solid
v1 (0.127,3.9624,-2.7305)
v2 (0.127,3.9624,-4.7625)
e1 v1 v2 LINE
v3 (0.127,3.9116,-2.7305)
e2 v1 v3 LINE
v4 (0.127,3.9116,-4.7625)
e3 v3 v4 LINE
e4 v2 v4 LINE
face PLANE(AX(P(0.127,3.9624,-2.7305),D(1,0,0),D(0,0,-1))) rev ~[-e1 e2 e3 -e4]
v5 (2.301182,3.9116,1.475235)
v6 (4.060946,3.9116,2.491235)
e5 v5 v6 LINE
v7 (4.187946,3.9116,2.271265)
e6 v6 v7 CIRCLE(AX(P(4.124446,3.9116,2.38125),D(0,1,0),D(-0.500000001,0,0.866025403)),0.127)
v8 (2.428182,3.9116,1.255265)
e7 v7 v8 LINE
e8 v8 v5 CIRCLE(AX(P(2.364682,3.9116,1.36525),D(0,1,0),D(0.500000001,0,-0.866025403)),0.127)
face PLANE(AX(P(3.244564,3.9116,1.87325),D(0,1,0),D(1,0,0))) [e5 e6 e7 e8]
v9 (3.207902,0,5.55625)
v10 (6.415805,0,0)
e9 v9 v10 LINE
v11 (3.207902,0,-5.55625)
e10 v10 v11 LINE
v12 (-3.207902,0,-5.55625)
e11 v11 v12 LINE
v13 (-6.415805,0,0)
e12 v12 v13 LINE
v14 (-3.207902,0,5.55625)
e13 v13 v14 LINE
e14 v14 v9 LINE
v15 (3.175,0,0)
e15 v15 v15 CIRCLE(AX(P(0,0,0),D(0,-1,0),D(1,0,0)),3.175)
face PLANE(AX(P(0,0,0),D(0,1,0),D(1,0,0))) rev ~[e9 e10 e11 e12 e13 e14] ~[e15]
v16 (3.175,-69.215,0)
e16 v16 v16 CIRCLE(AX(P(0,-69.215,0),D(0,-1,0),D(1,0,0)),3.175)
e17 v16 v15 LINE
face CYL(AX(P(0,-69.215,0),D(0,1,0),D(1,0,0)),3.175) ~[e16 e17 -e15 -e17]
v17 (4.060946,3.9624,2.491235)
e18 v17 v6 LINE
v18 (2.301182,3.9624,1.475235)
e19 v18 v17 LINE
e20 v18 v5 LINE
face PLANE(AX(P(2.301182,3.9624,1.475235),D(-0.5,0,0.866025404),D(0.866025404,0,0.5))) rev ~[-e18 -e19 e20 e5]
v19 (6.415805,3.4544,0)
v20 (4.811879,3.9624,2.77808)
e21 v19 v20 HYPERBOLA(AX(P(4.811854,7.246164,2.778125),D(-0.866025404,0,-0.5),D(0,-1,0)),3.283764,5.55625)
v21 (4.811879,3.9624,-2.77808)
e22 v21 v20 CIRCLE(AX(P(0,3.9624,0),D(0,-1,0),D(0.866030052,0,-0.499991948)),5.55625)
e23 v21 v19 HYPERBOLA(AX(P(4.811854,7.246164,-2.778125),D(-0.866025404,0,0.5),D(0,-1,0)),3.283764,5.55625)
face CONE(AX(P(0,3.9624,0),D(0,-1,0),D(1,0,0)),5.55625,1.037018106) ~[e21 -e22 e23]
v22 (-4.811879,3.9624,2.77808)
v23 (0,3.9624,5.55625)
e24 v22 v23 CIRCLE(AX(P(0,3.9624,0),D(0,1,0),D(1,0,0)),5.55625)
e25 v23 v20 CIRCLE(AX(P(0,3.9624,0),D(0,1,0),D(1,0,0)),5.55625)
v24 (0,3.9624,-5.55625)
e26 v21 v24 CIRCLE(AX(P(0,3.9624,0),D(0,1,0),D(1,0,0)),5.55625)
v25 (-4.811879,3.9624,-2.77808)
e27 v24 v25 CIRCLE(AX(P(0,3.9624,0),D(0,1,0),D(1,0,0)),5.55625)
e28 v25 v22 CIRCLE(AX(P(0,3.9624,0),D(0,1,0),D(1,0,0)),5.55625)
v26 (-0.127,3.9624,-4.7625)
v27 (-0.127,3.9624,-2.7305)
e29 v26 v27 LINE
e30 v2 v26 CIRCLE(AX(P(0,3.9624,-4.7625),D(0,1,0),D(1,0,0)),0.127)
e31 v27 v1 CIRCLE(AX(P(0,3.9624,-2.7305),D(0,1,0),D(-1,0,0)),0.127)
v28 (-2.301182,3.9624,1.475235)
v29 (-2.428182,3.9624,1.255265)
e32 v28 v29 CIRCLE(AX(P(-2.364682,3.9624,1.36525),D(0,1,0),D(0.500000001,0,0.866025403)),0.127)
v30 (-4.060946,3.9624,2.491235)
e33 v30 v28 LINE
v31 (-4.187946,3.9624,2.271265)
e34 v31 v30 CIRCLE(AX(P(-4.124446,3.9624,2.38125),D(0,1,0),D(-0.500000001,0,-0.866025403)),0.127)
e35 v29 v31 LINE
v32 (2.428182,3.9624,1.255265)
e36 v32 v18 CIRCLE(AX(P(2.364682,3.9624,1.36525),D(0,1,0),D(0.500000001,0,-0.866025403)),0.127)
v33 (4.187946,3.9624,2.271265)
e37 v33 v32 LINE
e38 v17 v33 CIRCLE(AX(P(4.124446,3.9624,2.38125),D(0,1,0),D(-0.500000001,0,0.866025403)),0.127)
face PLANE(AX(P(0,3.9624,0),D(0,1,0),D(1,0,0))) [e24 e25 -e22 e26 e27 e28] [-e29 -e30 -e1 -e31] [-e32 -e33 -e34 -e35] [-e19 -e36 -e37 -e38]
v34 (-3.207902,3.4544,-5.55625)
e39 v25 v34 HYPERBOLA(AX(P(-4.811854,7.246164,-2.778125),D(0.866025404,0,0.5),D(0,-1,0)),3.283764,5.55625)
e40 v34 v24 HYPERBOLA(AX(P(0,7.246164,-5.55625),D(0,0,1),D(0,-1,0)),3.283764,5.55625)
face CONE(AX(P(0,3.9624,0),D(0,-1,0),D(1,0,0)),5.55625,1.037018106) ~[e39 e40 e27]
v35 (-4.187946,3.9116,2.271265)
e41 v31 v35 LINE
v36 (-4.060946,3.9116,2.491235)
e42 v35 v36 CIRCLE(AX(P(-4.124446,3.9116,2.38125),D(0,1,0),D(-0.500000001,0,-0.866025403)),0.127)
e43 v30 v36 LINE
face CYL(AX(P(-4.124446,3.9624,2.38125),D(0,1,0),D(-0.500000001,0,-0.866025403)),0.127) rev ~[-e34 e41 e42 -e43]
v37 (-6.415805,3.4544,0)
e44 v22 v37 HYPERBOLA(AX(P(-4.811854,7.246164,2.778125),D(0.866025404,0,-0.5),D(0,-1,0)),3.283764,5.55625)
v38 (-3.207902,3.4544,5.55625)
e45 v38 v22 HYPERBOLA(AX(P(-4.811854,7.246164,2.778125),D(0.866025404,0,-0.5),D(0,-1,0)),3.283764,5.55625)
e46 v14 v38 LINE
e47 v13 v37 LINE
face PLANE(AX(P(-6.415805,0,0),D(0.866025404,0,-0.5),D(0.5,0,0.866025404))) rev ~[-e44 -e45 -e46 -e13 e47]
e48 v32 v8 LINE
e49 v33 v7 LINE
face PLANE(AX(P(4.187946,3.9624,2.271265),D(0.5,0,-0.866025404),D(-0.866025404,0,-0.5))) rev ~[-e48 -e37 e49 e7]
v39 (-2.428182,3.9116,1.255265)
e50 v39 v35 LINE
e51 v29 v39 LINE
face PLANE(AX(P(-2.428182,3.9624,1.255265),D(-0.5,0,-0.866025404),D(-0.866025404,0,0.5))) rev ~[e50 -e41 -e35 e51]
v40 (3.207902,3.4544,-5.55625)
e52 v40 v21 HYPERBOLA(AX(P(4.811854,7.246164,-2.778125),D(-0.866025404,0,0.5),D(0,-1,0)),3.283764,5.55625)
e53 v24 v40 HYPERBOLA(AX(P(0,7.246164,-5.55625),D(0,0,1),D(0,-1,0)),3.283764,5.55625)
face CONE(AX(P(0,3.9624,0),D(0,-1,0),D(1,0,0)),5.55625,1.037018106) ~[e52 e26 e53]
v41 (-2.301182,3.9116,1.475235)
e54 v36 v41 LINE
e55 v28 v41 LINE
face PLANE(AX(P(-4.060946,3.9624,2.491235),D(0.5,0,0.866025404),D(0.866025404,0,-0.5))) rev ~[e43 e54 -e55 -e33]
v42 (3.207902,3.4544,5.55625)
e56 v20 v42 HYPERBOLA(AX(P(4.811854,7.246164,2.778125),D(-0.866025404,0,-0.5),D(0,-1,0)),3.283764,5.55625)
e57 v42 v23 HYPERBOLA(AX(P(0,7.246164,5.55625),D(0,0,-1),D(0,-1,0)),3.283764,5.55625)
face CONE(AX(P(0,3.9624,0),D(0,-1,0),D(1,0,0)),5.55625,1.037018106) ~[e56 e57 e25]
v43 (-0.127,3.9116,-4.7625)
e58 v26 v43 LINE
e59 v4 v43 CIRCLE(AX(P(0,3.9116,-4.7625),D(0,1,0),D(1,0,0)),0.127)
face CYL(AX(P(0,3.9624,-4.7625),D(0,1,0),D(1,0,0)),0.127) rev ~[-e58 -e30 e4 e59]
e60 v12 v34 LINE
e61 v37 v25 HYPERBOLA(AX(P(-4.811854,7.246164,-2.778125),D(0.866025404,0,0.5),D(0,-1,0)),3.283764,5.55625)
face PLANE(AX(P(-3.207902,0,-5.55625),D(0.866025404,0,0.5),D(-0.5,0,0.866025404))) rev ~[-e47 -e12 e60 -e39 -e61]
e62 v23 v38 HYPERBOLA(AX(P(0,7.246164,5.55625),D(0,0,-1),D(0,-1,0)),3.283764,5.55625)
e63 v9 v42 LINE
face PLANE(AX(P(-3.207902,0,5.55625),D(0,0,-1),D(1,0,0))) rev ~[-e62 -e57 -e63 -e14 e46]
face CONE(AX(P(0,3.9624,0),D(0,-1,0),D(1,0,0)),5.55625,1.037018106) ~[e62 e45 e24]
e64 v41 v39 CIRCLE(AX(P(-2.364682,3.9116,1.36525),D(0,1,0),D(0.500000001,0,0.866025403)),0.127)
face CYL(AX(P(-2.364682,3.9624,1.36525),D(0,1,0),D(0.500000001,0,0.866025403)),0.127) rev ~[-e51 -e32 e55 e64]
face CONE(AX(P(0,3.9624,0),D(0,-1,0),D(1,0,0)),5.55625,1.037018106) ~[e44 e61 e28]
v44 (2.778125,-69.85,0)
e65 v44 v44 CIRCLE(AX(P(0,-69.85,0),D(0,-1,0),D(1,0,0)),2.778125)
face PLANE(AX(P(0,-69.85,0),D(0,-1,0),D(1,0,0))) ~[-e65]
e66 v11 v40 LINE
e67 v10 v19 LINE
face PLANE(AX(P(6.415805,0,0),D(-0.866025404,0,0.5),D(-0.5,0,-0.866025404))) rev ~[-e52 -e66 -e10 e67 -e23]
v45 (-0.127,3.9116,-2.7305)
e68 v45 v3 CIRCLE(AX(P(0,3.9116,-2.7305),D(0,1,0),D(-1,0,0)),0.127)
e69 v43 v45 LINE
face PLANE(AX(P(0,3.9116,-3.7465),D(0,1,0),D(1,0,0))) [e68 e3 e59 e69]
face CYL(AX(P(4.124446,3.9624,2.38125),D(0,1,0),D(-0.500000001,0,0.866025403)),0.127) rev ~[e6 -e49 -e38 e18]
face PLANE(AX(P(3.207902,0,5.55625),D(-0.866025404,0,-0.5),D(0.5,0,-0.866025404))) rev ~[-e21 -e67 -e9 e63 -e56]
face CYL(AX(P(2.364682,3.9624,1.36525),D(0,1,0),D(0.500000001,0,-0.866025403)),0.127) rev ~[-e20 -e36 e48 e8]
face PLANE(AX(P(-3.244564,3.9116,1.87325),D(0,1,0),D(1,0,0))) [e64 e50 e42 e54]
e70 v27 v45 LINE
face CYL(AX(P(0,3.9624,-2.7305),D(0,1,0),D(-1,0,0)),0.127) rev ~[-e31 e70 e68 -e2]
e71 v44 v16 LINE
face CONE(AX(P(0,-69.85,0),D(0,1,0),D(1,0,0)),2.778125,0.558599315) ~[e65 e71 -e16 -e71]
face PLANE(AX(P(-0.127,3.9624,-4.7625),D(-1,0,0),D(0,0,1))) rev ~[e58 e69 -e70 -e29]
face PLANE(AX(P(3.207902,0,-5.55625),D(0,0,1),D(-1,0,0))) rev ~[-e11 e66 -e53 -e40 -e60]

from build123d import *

# Parameters (mm, degrees)
BOSS_EXTRUDE1_DEPTH = 3.9624
CUT_EXTRUDE1_DEPTH  = 0.0508


with BuildPart() as part:
    # Sketch1 → Boss-Extrude1 (new body)
    with BuildSketch(Plane(origin=(0, 0, 0), x_dir=(1, 0, 0), z_dir=(0, 1, 0))):
        Polygon((6.415804866, 0), (3.207902433, 5.55625), (-3.207902433, 5.55625), (-6.415804866, 0), (-3.207902433, -5.55625), (3.207902433, -5.55625), align=None)
    extrude(amount=BOSS_EXTRUDE1_DEPTH)

    # Sketch2 → Cut-Revolve1 (revolve, cut)
    with BuildSketch(Plane.XY):
        Polygon((5.55625, 3.9624), (6.415804866, 3.4544), (6.415804866, 3.9624), align=None)
    revolve(axis=Axis((0, 0, 0), (0, 1, 0)), mode=Mode.SUBTRACT)

    # Sketch3 → Cut-Extrude1 (cut)
    with BuildSketch(Plane(origin=(0, 3.9624, 0), x_dir=(-1, 0, 0), z_dir=(0, -1, 0))):
        with BuildLine():
            Line((0.127, 4.7625), (0.127, 2.7305))
            ThreePointArc((0.127, 2.7305), (0, 2.6035), (-0.127, 2.7305))
            Line((-0.127, 2.7305), (-0.127, 4.7625))
            ThreePointArc((-0.127, 4.7625), (0, 4.8895), (0.127, 4.7625))
        make_face()
        with BuildLine():
            Line((4.060945986, -2.491235226), (2.301182365, -1.475235226))
            ThreePointArc((2.301182365, -1.475235226), (2.254697139, -1.30175), (2.428182365, -1.255264774))
            Line((2.428182365, -1.255264774), (4.187945986, -2.271264774))
            ThreePointArc((4.187945986, -2.271264774), (4.234431212, -2.44475), (4.060945986, -2.491235226))
        make_face()
        with BuildLine():
            Line((-4.187945986, -2.271264774), (-2.428182365, -1.255264774))
            ThreePointArc((-2.428182365, -1.255264774), (-2.254697139, -1.30175), (-2.301182365, -1.475235226))
            Line((-2.301182365, -1.475235226), (-4.060945986, -2.491235226))
            ThreePointArc((-4.060945986, -2.491235226), (-4.234431212, -2.44475), (-4.187945986, -2.271264774))
        make_face()
    extrude(amount=CUT_EXTRUDE1_DEPTH, mode=Mode.SUBTRACT)

    # Bolt Length Sketch → Bolt Length (revolve)
    with BuildSketch(Plane.XY):
        Polygon((0, 0), (0, -69.85), (2.778125, -69.85), (3.175, -69.215), (3.175, 0), align=None)
    revolve(axis=Axis((0, 0, 0), (0, -1, 0)))


solid = part.part
